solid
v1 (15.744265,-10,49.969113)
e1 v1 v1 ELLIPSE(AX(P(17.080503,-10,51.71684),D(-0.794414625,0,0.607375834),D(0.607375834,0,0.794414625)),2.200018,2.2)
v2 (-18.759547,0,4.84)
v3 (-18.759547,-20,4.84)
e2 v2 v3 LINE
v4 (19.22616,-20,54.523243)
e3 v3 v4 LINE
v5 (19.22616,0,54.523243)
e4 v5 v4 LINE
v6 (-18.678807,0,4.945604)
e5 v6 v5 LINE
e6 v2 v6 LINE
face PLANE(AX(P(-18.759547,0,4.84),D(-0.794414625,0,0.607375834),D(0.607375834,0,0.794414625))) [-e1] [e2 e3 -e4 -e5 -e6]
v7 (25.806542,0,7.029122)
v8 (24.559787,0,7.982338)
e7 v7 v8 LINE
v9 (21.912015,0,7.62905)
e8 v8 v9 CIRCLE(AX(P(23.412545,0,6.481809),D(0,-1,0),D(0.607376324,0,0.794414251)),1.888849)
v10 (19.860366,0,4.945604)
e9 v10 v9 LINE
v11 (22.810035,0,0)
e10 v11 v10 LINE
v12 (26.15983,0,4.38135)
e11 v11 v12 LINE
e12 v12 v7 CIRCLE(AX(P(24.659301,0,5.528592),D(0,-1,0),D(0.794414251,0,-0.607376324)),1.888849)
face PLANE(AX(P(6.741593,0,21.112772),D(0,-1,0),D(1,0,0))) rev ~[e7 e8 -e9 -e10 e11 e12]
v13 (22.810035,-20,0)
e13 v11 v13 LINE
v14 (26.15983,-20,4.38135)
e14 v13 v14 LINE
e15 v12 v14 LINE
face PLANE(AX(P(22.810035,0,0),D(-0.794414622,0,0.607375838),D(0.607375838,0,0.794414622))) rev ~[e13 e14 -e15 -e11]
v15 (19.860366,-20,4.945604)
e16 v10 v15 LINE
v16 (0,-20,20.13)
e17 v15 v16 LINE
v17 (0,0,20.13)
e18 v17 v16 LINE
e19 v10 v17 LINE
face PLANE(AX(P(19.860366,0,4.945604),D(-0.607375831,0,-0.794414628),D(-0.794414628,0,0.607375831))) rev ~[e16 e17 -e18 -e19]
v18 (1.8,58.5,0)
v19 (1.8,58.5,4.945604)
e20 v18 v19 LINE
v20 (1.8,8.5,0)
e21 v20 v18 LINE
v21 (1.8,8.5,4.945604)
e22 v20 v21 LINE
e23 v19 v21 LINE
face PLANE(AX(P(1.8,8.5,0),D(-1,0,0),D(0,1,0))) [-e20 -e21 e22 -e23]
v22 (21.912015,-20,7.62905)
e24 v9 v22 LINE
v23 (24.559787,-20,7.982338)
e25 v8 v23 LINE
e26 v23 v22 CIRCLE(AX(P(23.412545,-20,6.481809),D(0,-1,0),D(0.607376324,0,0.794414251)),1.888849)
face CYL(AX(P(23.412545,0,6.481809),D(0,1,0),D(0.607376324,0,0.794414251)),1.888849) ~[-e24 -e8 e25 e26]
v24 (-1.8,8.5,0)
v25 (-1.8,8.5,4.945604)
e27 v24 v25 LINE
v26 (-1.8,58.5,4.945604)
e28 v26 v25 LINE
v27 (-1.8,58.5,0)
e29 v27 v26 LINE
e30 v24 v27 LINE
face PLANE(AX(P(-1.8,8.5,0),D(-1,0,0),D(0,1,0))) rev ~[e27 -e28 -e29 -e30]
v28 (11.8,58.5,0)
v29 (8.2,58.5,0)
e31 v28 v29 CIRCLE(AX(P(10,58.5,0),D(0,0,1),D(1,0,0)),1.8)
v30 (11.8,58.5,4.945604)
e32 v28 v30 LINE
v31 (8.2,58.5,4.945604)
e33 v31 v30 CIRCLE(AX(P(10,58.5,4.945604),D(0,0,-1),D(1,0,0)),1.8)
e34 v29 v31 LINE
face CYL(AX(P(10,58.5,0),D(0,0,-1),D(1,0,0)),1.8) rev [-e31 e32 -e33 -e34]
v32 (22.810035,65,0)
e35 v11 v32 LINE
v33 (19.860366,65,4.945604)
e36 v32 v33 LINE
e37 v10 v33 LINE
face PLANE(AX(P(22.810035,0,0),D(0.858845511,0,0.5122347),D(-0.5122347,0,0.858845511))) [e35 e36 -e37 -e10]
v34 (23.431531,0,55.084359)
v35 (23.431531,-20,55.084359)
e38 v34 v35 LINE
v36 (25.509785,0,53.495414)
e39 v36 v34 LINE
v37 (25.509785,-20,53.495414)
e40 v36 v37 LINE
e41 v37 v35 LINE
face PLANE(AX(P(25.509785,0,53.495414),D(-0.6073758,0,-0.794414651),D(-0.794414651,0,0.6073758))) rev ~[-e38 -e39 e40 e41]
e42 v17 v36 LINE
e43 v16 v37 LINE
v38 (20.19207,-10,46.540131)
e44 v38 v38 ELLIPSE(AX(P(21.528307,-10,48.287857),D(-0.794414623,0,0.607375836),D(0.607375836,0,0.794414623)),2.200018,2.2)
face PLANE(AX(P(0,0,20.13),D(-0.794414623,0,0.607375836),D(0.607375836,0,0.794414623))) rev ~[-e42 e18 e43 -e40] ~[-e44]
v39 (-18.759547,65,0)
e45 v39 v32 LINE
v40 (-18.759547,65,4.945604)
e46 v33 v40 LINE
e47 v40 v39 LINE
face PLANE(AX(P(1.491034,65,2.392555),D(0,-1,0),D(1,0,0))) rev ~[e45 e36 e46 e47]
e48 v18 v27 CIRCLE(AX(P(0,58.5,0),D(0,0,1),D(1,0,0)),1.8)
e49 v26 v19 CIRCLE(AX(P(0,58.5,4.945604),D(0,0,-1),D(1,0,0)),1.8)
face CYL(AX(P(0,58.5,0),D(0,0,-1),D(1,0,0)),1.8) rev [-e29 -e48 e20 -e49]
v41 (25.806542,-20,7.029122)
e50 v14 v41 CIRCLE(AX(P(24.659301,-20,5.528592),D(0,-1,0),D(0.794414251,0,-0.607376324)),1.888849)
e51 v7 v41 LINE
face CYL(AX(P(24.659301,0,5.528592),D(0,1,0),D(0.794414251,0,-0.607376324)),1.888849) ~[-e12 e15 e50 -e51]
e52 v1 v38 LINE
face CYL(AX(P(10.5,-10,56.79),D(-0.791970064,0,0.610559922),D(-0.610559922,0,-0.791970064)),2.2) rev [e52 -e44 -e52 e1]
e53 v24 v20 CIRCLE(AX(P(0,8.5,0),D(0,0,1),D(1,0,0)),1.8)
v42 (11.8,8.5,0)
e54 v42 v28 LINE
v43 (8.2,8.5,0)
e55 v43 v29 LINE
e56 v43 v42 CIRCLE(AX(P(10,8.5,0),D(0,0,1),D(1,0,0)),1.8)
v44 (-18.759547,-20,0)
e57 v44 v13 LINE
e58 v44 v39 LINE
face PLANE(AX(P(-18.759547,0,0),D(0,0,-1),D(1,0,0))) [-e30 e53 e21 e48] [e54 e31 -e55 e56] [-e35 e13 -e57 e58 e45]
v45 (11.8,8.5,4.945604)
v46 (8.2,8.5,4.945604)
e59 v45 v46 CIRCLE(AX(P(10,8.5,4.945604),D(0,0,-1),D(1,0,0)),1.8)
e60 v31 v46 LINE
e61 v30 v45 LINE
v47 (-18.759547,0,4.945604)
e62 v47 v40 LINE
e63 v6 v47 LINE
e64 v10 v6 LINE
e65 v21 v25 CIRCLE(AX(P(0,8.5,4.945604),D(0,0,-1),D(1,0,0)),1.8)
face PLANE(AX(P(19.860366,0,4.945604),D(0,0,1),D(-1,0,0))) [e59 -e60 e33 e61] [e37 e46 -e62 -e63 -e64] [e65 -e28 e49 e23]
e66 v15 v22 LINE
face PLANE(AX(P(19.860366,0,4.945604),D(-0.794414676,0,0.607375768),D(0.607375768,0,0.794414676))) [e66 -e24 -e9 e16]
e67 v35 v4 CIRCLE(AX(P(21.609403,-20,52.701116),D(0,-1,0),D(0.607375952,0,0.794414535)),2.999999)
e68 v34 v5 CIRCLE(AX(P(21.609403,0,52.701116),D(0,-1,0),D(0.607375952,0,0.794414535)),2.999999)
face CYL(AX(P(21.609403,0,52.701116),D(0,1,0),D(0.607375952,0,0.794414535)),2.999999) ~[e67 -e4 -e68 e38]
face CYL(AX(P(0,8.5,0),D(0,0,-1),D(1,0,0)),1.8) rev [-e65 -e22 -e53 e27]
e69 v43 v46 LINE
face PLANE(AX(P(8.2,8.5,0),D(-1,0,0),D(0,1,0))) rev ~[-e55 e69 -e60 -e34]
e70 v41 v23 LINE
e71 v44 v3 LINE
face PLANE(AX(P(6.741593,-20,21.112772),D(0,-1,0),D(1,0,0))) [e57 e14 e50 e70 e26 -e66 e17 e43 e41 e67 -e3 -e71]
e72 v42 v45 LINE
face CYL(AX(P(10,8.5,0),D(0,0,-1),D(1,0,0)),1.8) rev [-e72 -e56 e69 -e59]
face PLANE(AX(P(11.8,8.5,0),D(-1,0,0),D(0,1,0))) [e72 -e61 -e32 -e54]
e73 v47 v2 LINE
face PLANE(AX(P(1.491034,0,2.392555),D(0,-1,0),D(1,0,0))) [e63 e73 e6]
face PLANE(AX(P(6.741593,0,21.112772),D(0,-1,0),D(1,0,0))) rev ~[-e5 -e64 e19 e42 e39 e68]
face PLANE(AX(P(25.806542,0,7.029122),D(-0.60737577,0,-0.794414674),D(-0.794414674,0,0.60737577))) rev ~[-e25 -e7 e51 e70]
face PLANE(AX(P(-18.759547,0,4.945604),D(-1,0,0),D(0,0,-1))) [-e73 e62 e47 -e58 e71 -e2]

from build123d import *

# Parameters (mm, degrees)
CYLINDER004_R               = 1.8
CYLINDER004_DEPTH           = 10
BOX003_W                    = 3.6
BOX003_H                    = 50
BOX003_DEPTH                = 10
CYLINDER003_R               = 1.8
CYLINDER003_DEPTH           = 10
ARRAY001_X_COUNT            = 2
ARRAY001_X_PITCH            = 10
EXTRUDE005_DEPTH            = 65
CYLINDER002_R               = 2.2
CYLINDER002_DEPTH           = 20
CYLINDER002_PLACEMENT_ANGLE = 127.63
PAD_DEPTH                   = 20


with BuildPart() as cylinder004:
    # Cylinder004 → Cylinder004 (new body)
    with BuildSketch(Plane(origin=(0, 50, 0), x_dir=(1, 0, 0), z_dir=(0, 0, 1))):
        Circle(CYLINDER004_R)
    extrude(amount=CYLINDER004_DEPTH)


with BuildPart() as cube:
    # Box003 → Box003 (new body)
    with BuildSketch(Plane(origin=(-1.8, 0, 0), x_dir=(1, 0, 0), z_dir=(0, 0, 1))):
        with Locations((1.8, 25)):
            Rectangle(BOX003_W, BOX003_H)
    extrude(amount=BOX003_DEPTH)


with BuildPart() as array001:
    # Cylinder003 → Cylinder003 (new body)
    with BuildSketch(Plane.XY):
        Circle(CYLINDER003_R)
    extrude(amount=CYLINDER003_DEPTH)

    # Fusion004: union Cylinder004, Cube
    add(cylinder004.part)
    add(cube.part)

    # Array001 X: Array001 ×2


with BuildPart() as array001_1:
    add(array001.part)
    with Locations(*[(i * ARRAY001_X_PITCH, 0, 0) for i in range(1, ARRAY001_X_COUNT)]):
        add(array001.part)


with BuildPart() as array001_2:
    # Array001 placement: moved
    add(array001_1.part.moved(Location((0, 8.5, 0))))


with BuildPart() as cut002:
    # Sketch006 → Extrude005 (new body)
    with BuildSketch(Plane.XZ):
        Polygon((-18.759547, 0), (22.810035, 0), (19.860366, 4.945604), (-18.759547, 4.945604), align=None)
    extrude(amount=-EXTRUDE005_DEPTH)

    # Cut002: cut Array001
    add(array001_2.part, mode=Mode.SUBTRACT)


with BuildPart() as insert_hole:
    # Cylinder002 → Cylinder002 (new body)
    with BuildSketch(Plane.XY):
        Circle(CYLINDER002_R)
    extrude(amount=CYLINDER002_DEPTH)


with BuildPart() as insert_hole_1:
    # Cylinder002 placement: moved
    add(insert_hole.part.moved(Location((10.5, -10, 56.79))).rotate(Axis((10.5, -10, 56.79), (0, 1, 0)), CYLINDER002_PLACEMENT_ANGLE))


with BuildPart() as fusion003:
    # Sketch005 → Pad (new body)
    with BuildSketch(Plane.XZ):
        with BuildLine():
            Line((-18.759547, 0), (22.810035, 0))
            Line((22.810035, 0), (26.15983, 4.38135))
            ThreePointArc((26.15983, 4.38135), (26.531558, 5.778404), (25.806542, 7.029122))
            Line((25.806542, 7.029122), (24.559787, 7.982338))
            ThreePointArc((24.559787, 7.982338), (23.162733, 8.354066), (21.912015, 7.62905))
            Line((19.860366, 4.945604), (21.912015, 7.62905))
            Line((19.860366, 4.945604), (0, 20.13))
            Line((0, 20.13), (25.509785, 53.495414))
            Line((25.509785, 53.495414), (23.431531, 55.084359))
            ThreePointArc((23.431531, 55.084359), (21.212635, 55.674762), (19.22616, 54.523243))
            Line((-18.759547, 4.84), (19.22616, 54.523243))
            Line((-18.759547, 0), (-18.759547, 4.84))
        make_face()
    extrude(amount=PAD_DEPTH)

    # Cut: cut insert hole
    add(insert_hole_1.part, mode=Mode.SUBTRACT)

    # Fusion003: union Cut002
    add(cut002.part)


solid = fusion003.part
